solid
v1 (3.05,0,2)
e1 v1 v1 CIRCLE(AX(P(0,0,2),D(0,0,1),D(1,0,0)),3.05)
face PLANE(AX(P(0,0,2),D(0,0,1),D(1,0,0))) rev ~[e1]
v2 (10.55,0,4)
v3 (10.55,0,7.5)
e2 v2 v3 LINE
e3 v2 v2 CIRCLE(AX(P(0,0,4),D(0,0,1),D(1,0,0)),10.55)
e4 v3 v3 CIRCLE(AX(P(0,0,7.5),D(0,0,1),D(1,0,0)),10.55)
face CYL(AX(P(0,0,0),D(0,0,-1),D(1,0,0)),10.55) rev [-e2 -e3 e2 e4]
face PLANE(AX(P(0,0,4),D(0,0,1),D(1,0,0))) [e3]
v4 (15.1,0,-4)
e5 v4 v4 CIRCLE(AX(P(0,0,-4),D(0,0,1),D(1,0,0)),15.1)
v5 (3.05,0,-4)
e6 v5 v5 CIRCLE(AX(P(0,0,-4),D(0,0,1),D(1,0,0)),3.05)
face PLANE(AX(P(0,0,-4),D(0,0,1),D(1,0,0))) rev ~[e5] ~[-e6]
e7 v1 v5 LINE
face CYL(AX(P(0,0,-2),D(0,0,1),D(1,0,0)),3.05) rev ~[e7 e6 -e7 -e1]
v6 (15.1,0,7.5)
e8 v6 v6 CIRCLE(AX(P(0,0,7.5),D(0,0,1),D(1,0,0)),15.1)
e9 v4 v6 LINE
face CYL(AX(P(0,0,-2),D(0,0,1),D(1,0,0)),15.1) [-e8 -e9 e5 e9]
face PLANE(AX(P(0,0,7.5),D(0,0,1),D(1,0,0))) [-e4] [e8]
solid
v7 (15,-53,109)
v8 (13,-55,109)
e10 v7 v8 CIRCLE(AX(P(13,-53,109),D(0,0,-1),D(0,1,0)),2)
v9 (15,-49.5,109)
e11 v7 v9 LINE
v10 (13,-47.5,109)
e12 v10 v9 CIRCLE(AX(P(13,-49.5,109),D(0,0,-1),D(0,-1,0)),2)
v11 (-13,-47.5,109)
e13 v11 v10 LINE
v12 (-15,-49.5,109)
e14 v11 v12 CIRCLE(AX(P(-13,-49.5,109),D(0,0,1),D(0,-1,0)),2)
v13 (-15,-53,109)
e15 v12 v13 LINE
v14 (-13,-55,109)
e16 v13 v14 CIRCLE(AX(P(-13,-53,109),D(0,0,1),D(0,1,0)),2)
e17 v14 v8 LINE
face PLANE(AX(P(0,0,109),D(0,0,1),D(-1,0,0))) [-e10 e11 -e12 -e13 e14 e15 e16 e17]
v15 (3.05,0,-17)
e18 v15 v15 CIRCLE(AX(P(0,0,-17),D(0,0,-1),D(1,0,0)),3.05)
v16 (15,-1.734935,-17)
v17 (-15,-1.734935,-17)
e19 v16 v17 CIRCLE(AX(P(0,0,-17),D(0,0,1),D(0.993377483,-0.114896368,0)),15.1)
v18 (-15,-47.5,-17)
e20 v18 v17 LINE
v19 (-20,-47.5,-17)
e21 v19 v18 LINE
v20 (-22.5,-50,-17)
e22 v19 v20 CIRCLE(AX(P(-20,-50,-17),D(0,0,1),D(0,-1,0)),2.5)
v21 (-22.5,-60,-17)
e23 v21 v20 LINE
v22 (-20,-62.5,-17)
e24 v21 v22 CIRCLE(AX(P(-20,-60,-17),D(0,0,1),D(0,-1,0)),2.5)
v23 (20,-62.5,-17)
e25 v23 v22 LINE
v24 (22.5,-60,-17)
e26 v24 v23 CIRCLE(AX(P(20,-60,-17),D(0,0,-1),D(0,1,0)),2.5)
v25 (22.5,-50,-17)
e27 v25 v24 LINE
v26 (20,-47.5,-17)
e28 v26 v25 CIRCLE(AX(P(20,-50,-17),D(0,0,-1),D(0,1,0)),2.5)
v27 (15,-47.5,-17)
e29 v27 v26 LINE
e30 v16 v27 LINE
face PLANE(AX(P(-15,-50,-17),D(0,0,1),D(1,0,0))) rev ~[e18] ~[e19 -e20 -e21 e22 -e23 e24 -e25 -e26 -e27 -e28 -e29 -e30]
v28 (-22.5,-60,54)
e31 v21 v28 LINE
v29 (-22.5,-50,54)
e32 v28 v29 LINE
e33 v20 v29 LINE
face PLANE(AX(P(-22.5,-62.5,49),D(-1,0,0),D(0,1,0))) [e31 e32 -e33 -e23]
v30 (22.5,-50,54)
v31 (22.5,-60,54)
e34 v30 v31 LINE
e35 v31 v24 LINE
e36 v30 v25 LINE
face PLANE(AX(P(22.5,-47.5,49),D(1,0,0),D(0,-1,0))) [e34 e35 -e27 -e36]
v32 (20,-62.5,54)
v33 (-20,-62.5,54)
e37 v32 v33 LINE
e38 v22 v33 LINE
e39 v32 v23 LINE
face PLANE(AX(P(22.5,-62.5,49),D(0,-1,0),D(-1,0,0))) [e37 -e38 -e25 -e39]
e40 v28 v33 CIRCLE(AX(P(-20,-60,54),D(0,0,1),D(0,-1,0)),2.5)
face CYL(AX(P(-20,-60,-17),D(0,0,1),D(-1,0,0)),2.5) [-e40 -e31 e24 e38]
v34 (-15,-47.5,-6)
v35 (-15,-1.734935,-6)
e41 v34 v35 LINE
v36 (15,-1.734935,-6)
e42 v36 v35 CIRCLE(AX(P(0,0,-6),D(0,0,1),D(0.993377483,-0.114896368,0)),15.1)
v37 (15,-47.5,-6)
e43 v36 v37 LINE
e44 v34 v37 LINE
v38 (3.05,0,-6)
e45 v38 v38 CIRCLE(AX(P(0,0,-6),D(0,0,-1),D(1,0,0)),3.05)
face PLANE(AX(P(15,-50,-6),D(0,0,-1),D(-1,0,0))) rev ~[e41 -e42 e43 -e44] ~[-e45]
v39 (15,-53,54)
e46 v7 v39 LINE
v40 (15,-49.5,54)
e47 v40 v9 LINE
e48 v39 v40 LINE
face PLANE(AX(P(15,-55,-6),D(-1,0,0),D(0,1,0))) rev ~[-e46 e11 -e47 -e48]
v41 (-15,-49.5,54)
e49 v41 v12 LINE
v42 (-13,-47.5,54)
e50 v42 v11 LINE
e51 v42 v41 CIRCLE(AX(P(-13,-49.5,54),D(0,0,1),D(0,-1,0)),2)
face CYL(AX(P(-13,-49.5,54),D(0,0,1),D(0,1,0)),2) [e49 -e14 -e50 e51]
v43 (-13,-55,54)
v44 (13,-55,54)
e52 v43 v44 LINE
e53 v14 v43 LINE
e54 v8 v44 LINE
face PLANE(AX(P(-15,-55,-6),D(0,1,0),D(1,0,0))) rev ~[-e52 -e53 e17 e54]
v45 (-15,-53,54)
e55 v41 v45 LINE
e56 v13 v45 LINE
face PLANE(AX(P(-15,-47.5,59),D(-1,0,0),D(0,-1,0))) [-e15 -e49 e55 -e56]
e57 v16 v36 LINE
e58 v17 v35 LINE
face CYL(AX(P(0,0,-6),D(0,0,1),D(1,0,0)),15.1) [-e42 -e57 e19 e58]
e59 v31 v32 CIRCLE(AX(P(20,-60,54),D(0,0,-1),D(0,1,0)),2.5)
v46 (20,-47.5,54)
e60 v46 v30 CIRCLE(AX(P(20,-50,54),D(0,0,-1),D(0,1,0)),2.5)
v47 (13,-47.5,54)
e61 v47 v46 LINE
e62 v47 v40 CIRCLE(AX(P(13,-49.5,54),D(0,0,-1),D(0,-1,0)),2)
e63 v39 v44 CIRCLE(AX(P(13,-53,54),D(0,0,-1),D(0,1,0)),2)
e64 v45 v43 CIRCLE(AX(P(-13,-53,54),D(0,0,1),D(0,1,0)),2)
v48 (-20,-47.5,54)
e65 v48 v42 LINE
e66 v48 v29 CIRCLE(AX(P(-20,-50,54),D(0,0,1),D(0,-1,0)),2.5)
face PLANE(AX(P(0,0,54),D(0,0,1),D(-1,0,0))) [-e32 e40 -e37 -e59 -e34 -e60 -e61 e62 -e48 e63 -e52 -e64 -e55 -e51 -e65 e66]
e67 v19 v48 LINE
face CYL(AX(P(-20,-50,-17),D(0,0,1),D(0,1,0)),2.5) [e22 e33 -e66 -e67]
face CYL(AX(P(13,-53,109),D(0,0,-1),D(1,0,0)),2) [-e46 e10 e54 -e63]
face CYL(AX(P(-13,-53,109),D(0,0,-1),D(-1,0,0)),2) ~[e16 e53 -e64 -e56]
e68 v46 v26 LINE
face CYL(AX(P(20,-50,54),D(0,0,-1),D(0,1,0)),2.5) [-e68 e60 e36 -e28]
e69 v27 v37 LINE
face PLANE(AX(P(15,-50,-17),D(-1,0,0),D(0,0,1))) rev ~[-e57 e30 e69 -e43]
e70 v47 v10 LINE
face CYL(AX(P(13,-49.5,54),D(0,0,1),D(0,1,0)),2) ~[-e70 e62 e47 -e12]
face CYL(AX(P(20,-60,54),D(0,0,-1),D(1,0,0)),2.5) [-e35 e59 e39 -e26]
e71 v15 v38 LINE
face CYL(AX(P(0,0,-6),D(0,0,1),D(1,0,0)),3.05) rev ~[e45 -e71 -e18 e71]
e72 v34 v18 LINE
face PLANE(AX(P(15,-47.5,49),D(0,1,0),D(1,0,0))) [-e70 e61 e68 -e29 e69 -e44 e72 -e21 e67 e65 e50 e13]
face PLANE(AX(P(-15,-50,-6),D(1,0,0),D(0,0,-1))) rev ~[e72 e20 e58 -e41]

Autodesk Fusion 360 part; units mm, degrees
sketch "Sketch1" plane through (0, 0, 0) normal (0, 0, 1) x (1, 0, 0)
  circle A0 centre (0, 0) radius 15.1
  circle A1 centre (0, 0) radius 10.55
  circle A2 centre (0, 0) radius 3.05
  dimension "d1" = 30.2
  dimension "d2" = 21.1
  dimension "d3" = 6.1
extrude "Extrude1" add sketch "Sketch1" along normal blind 7.5 contours A0 makes body 1
extrude "Extrude2" add sketch "Sketch1" along normal blind 3 contours A1 | A2 bodies 1
extrude "Extrude3" cut sketch "Sketch1" along normal blind 4 contours A2 bodies 1
extrude "Extrude4" add 1 faces at (8.0107, -0.5241, 3) along direction (0, 0, 1) blind 1 on bodies 1 bodies 1
extrude "Extrude5" add 1 faces at (11.0158, -0.9017, 0) along direction (0, 0, -1) blind 2 on bodies 1 bodies 1
extrude "Extrude6" add sketch "Sketch1" along normal blind 4 and the other way blind -2 contours A2 bodies 1
extrude "Extrude7" add 1 faces at (11.0158, -0.9017, -2) along direction (0, 0, -1) blind 12 and the other way blind -4 on bodies 1 bodies 1 makes body 2
extrude "Extrude8" add 1 faces at (11.0158, -0.9017, -2) along direction (0, 0, -1) blind 2 on bodies 1 bodies 1
sketch "Sketch2" plane through (0, 0, 0) normal (0, 1, 0) x (1, 0, 0)
extrude "Extrude9" add 1 faces at (11.0158, -0.9017, -14) along direction (0, 0, -1) blind 3 on bodies 2 bodies 2
sketch "Sketch3" plane through (0, 0, 0) normal (0, 1, 0) x (1, 0, 0)
  line L0 (-15, 17) -> (15, 17)
  line L1 (15, 17) -> (15, 6)
  line L2 (15, 6) -> (-15, 6)
  line L3 (-15, 6) -> (-15, 17)
extrude "Extrude10" add sketch "Sketch3" against normal blind 50 bodies 2
extrude "Extrude11" cut sketch "Sketch1" against normal blind 23 contours A2 bodies 2
extrude "Extrude12" add 1 faces at (-5, -50, -13.3333) along direction (0, -1, 0) blind 5 on bodies 2 bodies 2
sketch "Sketch4" plane through (0, 0, -6) normal (0, 0, 1) x (-1, 0, 0)
  circle A0 centre (0, 0) radius 3.05
  arc A1 (-15, 1.7349) -> (15, 1.7349) centre (0, 0) ccw
  line L0 (15, 1.7349) -> (15, 55)
  line L1 (15, 55) -> (-15, 55)
  line L2 (-15, 55) -> (-15, 1.7349)
  line L3 (22.5, 47.5) -> (-22.5, 47.5)
  line L4 (-22.5, 47.5) -> (-22.5, 62.5)
  line L5 (-22.5, 62.5) -> (22.5, 62.5)
  line L6 (22.5, 62.5) -> (22.5, 47.5)
  line L7 (22.5, 47.5) -> (-22.5, 62.5) construction
  line L8 (-22.5, 47.5) -> (22.5, 62.5) construction
  point P0 (0, 55)
  dimension "d36" = 15
extrude "Extrude13" add sketch "Sketch4" along normal blind 55 and the other way blind 11 contours L0 L1 L2 L3 L4 L5 L6 bodies 2
extrude "Extrude14" add 1 faces at (5, -60, 49) along direction (0, 0, 1) blind 10 on bodies 2 bodies 2
extrude "Extrude15" add sketch "Sketch4" along normal blind 150 contours L0 L1 L2 L3 bodies 2
extrude "Extrude16" cut 1 faces at (5, -50, 144) along direction (0, 0, -1) blind 25 on bodies 2 bodies 2
extrude "Extrude17" cut 1 faces at (5, -60, 59) along direction (0, 0, -1) blind 10 on bodies 2 bodies 2
extrude "Extrude18" cut 1 faces at (5, -50, 119) along direction (0, 0, -1) blind 10 on bodies 2 bodies 2
extrude "Extrude19" add 1 faces at (5, -60, 49) along direction (0, 0, 1) blind 5 on bodies 2 bodies 2
fillet "Fillet1" radius 2 4 edges at (-15, -47.5, 81.5) (15, -47.5, 81.5) (15, -55, 81.5) (-15, -55, 81.5) on bodies 2
fillet "Fillet2" radius 2.5 4 edges at (22.5, -62.5, 18.5) (22.5, -47.5, 18.5) (-22.5, -62.5, 18.5) (-22.5, -47.5, 18.5) on bodies 2
